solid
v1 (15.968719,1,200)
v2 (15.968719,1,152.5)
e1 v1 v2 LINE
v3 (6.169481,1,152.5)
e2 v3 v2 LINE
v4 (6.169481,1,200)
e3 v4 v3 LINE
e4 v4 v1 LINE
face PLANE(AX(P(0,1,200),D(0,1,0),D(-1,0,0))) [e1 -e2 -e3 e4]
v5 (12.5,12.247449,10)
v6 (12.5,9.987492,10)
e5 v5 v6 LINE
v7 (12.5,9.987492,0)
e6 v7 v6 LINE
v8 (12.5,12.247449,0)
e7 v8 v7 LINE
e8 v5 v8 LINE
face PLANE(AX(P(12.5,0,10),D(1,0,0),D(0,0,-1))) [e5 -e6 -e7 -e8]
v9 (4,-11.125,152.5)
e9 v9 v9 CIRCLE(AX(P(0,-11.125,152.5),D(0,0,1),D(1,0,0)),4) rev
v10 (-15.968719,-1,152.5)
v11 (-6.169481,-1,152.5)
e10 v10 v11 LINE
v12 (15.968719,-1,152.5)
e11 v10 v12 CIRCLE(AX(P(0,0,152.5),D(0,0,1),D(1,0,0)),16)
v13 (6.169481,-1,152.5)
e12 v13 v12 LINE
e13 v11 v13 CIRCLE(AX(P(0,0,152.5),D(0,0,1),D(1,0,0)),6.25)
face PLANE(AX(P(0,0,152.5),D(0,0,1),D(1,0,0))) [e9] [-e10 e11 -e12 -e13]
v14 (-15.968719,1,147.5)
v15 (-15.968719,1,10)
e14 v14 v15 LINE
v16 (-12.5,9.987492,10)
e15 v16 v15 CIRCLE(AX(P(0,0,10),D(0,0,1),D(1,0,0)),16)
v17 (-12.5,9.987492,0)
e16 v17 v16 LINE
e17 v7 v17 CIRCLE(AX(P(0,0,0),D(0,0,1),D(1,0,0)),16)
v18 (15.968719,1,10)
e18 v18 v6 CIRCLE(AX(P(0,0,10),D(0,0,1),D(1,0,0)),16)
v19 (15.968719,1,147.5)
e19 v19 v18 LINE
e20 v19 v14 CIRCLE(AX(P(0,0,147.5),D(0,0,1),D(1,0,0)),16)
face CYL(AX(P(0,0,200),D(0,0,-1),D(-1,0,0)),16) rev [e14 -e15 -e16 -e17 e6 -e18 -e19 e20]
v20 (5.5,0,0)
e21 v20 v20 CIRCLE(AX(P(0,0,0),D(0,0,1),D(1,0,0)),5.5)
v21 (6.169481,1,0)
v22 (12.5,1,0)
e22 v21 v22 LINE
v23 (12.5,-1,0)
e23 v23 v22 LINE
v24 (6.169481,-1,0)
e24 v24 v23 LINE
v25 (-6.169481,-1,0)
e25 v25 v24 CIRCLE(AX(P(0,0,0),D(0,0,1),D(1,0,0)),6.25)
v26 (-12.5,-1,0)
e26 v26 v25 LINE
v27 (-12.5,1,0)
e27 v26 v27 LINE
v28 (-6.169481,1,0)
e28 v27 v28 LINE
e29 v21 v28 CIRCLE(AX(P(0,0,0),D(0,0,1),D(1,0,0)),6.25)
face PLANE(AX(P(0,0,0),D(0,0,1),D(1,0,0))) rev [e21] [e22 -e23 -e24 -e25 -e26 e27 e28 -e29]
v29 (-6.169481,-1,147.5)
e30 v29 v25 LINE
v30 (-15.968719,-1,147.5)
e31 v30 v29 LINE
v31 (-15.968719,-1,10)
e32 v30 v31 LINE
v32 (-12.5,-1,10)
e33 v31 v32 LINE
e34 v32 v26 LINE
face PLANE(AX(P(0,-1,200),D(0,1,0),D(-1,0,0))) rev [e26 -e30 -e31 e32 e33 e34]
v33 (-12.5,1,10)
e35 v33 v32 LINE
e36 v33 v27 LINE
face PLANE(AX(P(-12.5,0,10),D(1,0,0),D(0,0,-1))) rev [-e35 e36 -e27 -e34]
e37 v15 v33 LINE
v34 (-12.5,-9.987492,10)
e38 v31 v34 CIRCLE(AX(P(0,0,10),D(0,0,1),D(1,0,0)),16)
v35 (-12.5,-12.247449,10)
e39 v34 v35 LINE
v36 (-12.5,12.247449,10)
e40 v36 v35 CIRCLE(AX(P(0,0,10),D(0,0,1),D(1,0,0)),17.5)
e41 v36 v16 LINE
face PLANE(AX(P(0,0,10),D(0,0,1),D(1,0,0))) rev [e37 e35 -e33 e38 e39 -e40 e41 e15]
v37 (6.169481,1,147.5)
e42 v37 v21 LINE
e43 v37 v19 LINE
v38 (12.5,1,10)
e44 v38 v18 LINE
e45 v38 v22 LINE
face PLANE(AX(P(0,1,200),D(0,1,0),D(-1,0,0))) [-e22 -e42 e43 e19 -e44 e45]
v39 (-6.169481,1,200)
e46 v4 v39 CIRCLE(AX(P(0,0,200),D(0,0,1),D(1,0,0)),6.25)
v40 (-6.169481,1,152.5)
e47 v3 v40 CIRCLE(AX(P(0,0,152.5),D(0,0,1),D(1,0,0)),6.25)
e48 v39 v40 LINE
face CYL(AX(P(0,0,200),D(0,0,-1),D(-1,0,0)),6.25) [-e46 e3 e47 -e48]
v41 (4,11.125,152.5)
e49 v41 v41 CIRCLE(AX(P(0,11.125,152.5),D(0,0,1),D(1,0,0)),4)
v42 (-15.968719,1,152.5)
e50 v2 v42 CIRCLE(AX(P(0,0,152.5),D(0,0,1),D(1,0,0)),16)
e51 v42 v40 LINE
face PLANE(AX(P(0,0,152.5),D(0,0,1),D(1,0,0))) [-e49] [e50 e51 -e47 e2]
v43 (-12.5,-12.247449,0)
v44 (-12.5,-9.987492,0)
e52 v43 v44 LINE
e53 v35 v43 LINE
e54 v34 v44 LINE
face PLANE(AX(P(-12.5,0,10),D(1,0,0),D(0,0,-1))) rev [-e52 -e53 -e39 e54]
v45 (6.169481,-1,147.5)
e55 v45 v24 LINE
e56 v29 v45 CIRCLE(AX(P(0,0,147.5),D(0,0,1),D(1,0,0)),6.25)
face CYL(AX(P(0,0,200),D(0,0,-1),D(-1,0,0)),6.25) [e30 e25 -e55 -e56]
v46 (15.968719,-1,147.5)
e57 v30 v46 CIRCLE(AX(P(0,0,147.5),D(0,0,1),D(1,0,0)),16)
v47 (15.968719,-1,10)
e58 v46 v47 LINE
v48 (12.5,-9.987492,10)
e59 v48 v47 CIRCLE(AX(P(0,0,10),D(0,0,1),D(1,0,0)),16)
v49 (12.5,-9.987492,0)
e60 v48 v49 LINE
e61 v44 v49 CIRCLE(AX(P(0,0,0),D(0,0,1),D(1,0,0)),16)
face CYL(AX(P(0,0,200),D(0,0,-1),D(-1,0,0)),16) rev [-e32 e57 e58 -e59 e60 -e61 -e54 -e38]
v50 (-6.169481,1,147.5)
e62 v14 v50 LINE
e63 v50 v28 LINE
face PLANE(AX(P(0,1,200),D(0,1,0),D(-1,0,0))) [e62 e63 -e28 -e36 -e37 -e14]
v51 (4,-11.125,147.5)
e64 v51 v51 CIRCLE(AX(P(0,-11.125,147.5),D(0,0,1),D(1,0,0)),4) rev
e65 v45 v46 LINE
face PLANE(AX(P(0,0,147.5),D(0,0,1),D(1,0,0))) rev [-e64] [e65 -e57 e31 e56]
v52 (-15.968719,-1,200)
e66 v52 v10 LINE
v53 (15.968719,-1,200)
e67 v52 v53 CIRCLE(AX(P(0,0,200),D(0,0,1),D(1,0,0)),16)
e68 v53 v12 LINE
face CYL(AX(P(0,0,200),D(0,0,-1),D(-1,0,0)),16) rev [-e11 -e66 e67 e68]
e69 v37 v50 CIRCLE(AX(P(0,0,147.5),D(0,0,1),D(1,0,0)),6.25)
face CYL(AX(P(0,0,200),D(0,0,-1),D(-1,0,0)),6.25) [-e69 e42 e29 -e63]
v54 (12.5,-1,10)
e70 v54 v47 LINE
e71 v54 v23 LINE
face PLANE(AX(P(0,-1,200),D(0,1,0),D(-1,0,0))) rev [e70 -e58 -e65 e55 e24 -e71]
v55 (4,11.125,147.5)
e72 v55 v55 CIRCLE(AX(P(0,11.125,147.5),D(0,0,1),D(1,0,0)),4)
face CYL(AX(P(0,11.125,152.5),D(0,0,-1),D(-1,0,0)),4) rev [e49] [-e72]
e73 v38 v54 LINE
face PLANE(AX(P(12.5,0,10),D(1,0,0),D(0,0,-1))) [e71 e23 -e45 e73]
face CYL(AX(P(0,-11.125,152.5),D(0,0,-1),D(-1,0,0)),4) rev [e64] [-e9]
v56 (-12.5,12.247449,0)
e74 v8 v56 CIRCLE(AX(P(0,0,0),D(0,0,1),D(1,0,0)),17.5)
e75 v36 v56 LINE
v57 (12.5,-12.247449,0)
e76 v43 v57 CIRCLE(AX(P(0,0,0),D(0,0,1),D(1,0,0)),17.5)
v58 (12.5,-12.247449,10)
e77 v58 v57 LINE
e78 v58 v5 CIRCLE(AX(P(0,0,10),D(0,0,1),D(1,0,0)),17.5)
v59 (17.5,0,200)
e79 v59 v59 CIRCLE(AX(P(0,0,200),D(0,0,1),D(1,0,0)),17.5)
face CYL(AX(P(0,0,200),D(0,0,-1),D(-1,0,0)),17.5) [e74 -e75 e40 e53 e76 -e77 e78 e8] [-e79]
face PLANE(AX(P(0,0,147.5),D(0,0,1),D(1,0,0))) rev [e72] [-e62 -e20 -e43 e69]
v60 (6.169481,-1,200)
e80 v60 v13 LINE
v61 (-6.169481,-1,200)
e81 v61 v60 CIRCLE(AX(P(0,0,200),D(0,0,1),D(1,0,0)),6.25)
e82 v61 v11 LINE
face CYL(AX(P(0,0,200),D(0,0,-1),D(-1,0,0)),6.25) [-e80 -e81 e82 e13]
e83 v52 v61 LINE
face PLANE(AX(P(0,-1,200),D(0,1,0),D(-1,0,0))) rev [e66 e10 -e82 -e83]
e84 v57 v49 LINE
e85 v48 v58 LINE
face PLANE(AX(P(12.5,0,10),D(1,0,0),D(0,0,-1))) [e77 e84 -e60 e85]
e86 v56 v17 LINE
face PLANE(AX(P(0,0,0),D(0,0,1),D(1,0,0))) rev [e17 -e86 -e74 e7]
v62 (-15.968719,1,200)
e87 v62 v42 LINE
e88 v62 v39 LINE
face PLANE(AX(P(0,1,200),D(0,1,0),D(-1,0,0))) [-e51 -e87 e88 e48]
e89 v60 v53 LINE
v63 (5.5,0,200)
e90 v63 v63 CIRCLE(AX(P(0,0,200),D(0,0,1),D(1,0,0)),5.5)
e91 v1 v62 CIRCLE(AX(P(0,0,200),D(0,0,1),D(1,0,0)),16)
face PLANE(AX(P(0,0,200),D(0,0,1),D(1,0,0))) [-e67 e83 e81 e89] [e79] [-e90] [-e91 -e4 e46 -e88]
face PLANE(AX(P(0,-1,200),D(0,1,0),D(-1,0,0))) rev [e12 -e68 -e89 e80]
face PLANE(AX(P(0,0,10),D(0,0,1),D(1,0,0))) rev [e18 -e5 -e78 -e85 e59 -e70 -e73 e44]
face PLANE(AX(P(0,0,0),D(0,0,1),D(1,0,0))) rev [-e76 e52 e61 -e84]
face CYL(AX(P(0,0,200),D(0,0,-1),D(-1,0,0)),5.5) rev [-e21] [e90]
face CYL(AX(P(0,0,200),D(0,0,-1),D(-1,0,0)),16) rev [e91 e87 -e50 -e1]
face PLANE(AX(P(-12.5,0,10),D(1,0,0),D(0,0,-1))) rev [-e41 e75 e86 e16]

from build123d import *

# Parameters (mm, degrees)
SKETCH2_R                       = 17.5
SKETCH2_R_2                     = 5.5
SHELL_DEPTH                     = 200
SKETCH13_R                      = 16
SKETCH13_R_2                    = 6.25
SKETCH13_R_3                    = 4
INNERPARTITION_DEPTH            = 2.5
EASIERASSEMBLY_SHELLSTUDS_DEPTH = 10


with BuildPart() as part:
    # Sketch2 → Shell (new body)
    with BuildSketch(Plane.XY):
        Circle(SKETCH2_R)
        with BuildLine():
            Line((15.968719423, 1), (6.16948134, 1))
            ThreePointArc((6.16948134, 1), (0, 6.25), (-6.16948134, 1))
            Line((-6.16948134, 1), (-15.968719423, 1))
            ThreePointArc((-15.968719423, 1), (0, 16), (15.968719423, 1))
        make_face(mode=Mode.SUBTRACT)
        with BuildLine():
            ThreePointArc((-6.16948134, -1), (0, -6.25), (6.16948134, -1))
            Line((6.16948134, -1), (15.968719423, -1))
            ThreePointArc((15.968719423, -1), (0, -16), (-15.968719423, -1))
            Line((-15.968719423, -1), (-6.16948134, -1))
        make_face(mode=Mode.SUBTRACT)
        Circle(SKETCH2_R_2, mode=Mode.SUBTRACT)
    extrude(amount=SHELL_DEPTH)

    # Sketch13 → InnerPartition (add, symmetric)
    with BuildSketch(Plane.XY.offset(150)):
        Circle(SKETCH13_R)
        Circle(SKETCH13_R_2, mode=Mode.SUBTRACT)
        with Locations((0, 11.125)):
            Circle(SKETCH13_R_3, mode=Mode.SUBTRACT)
        with Locations((0, -11.125)):
            Circle(SKETCH13_R_3, mode=Mode.SUBTRACT)
    extrude(amount=INNERPARTITION_DEPTH, both=True)

    # Sketch2<18> → EasierAssembly_ShellStuds (cut)
    with BuildSketch(Plane.XY):
        with BuildLine():
            Line((12.5, 9.987492178), (12.5, 1))
            Line((12.5, 1), (15.968719423, 1))
            ThreePointArc((15.968719423, 1), (14.92684663, 5.76101117), (12.5, 9.987492178))
        make_face()
        with BuildLine():
            Line((-15.968719423, 1), (-12.5, 1))
            Line((-12.5, 1), (-12.5, 9.987492178))
            ThreePointArc((-12.5, 9.987492178), (-14.92684663, 5.76101117), (-15.968719423, 1))
        make_face()
        with BuildLine():
            ThreePointArc((-15.968719423, -1), (-14.92684663, -5.76101117), (-12.5, -9.987492178))
            Line((-12.5, -9.987492178), (-12.5, -1))
            Line((-12.5, -1), (-15.968719423, -1))
        make_face()
        with BuildLine():
            Line((12.5, -1), (12.5, -9.987492178))
            ThreePointArc((12.5, -9.987492178), (14.92684663, -5.76101117), (15.968719423, -1))
            Line((15.968719423, -1), (12.5, -1))
        make_face()
        with BuildLine():
            Line((12.5, 1), (12.5, -1))
            Line((12.5, -1), (15.968719423, -1))
            ThreePointArc((15.968719423, -1), (15.992177944, -0.500244559), (16, 0))
            ThreePointArc((16, 0), (15.992177944, 0.500244559), (15.968719423, 1))
            Line((15.968719423, 1), (12.5, 1))
        make_face()
        with BuildLine():
            Line((-15.968719423, -1), (-12.5, -1))
            Line((-12.5, -1), (-12.5, 1))
            Line((-12.5, 1), (-15.968719423, 1))
            ThreePointArc((-15.968719423, 1), (-16, 0), (-15.968719423, -1))
        make_face()
        with BuildLine():
            Line((-12.5, -12.247448714), (-12.5, -9.987492178))
            ThreePointArc((-12.5, -9.987492178), (-14.92684663, -5.76101117), (-15.968719423, -1))
            ThreePointArc((-15.968719423, -1), (-16, 0), (-15.968719423, 1))
            ThreePointArc((-15.968719423, 1), (-14.92684663, 5.76101117), (-12.5, 9.987492178))
            Line((-12.5, 9.987492178), (-12.5, 12.247448714))
            ThreePointArc((-12.5, 12.247448714), (-17.5, 0), (-12.5, -12.247448714))
        make_face()
        with BuildLine():
            ThreePointArc((15.968719423, -1), (14.92684663, -5.76101117), (12.5, -9.987492178))
            Line((12.5, -9.987492178), (12.5, -12.247448714))
            ThreePointArc((12.5, -12.247448714), (16.201851746, -6.614378278), (17.5, 0))
            ThreePointArc((17.5, 0), (16.201851746, 6.614378278), (12.5, 12.247448714))
            Line((12.5, 12.247448714), (12.5, 9.987492178))
            ThreePointArc((12.5, 9.987492178), (14.92684663, 5.76101117), (15.968719423, 1))
            ThreePointArc((15.968719423, 1), (15.992177944, 0.500244559), (16, 0))
            ThreePointArc((16, 0), (15.992177944, -0.500244559), (15.968719423, -1))
        make_face()
    extrude(amount=EASIERASSEMBLY_SHELLSTUDS_DEPTH, mode=Mode.SUBTRACT)


solid = part.part
